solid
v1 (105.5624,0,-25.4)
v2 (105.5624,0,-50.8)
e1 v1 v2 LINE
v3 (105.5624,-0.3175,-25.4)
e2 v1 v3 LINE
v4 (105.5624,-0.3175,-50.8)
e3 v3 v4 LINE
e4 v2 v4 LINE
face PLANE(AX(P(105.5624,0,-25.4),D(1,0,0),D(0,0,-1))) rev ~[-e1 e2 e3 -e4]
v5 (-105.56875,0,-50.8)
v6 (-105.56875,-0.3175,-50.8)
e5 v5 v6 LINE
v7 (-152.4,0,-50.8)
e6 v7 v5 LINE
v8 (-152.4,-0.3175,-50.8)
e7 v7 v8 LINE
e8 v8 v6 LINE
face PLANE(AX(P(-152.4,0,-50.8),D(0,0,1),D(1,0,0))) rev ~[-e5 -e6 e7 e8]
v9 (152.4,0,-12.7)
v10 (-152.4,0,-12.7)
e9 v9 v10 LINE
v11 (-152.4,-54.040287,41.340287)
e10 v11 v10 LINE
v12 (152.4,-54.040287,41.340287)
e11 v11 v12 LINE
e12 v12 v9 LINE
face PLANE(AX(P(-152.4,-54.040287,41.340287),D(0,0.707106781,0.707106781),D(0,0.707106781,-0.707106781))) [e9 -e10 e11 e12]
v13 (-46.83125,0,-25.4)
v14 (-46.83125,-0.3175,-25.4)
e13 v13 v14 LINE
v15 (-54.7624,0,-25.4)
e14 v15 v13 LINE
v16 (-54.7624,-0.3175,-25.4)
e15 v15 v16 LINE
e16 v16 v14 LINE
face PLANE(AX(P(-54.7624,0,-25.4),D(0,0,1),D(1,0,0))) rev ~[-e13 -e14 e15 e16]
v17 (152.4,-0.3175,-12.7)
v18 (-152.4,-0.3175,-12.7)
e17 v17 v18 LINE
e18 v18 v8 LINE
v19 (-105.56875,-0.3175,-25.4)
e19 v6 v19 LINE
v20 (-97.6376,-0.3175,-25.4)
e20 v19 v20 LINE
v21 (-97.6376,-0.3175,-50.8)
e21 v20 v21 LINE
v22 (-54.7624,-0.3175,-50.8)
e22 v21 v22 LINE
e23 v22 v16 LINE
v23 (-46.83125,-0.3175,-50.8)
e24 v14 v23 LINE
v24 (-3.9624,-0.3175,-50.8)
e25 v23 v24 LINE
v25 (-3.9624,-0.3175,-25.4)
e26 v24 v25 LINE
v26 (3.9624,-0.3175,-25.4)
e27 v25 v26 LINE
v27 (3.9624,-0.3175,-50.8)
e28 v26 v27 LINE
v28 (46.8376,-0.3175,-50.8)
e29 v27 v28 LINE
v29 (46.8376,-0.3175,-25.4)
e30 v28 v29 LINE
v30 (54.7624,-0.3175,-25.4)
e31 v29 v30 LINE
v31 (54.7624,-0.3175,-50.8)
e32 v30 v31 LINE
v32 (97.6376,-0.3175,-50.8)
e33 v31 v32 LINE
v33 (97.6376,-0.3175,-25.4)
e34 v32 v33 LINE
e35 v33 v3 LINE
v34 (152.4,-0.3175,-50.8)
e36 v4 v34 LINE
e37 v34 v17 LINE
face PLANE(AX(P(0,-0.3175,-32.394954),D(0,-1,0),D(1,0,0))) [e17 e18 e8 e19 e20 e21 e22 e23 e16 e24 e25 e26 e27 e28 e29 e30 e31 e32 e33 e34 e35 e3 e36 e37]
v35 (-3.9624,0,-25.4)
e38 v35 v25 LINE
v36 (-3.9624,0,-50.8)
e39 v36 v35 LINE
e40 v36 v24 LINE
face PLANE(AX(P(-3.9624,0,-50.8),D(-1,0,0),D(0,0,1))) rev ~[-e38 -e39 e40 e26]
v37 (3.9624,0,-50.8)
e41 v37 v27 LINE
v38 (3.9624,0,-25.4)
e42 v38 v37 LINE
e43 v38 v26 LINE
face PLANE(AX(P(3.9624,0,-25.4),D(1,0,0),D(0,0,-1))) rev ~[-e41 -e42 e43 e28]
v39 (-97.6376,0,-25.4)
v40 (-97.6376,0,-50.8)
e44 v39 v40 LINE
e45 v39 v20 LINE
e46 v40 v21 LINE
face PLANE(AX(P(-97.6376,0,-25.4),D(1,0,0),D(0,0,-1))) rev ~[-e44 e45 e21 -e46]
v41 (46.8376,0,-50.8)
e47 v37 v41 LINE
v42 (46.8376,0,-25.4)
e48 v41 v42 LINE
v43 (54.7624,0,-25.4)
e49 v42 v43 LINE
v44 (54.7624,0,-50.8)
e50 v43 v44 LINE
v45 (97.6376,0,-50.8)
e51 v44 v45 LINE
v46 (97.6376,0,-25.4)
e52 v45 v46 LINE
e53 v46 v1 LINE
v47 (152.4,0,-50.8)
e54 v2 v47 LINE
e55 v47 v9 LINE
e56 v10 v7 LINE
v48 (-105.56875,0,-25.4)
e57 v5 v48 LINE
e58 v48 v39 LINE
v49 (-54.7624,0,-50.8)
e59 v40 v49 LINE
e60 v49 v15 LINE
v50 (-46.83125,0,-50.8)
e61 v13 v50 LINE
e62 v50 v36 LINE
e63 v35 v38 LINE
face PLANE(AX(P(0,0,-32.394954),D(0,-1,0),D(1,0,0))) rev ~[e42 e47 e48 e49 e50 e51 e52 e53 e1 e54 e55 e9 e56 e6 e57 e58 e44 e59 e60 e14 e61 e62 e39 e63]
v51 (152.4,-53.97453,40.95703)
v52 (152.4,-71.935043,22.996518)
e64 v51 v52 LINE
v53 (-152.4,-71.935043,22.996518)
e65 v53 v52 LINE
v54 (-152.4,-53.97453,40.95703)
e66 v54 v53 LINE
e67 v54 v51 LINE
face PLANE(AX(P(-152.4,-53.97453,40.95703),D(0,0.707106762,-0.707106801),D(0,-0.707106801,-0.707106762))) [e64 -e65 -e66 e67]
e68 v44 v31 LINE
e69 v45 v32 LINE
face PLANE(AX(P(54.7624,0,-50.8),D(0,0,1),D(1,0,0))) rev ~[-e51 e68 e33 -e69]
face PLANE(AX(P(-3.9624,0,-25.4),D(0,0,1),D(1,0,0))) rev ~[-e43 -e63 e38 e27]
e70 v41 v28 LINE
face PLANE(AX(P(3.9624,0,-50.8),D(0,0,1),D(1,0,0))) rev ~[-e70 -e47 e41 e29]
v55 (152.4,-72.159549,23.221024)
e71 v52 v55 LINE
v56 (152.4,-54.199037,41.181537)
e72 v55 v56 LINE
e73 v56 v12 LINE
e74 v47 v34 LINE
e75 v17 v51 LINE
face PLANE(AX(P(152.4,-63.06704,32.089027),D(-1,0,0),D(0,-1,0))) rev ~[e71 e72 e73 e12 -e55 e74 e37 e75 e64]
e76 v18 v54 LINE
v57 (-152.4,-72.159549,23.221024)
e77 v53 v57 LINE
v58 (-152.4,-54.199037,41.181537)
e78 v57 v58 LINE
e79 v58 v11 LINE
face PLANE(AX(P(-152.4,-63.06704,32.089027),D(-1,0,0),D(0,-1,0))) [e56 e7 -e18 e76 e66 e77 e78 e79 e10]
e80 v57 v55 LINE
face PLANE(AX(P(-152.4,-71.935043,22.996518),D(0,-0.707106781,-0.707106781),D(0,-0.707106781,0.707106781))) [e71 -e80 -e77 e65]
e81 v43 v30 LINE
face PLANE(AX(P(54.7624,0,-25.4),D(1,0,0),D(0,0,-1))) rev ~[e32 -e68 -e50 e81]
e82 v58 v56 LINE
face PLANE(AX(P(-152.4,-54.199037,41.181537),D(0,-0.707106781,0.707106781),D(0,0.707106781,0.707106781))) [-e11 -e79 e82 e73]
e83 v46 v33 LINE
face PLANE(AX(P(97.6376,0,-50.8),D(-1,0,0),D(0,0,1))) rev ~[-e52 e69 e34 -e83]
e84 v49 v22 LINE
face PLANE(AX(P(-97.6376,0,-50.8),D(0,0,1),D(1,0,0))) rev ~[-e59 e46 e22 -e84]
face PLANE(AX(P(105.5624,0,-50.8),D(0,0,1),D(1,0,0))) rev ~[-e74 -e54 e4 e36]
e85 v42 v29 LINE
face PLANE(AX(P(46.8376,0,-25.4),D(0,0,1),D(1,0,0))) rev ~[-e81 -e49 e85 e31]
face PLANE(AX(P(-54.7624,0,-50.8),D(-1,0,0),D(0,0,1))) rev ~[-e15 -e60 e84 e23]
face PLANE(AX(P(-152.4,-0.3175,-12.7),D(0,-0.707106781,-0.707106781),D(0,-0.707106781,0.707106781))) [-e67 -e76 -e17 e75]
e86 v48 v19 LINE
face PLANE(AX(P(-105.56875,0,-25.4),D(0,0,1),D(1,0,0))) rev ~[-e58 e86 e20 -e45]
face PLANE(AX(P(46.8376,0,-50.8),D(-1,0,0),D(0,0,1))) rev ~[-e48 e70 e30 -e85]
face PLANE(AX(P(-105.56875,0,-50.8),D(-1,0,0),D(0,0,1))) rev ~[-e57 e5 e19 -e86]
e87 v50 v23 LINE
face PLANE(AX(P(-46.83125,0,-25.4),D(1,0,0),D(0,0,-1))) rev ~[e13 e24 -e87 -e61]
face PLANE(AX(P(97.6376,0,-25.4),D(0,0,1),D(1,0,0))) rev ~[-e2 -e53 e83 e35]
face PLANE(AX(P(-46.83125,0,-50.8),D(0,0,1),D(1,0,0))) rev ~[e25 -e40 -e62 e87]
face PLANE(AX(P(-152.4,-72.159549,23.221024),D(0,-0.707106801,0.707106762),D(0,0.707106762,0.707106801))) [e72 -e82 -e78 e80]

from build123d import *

# Parameters (mm, degrees)
F1_DEPTH = 0.3175
F3_DEPTH = 304.8
F5_DEPTH = 304.8


with BuildPart() as f1:
    # F0 (on Front) → F1 (new body)
    with BuildSketch(Plane.XZ):
        Polygon((105.5624, -50.8), (152.4, -50.8), (152.4, -12.7), (-152.4, -12.7), (-152.4, -50.8), (-105.56875, -50.8), (-105.56875, -25.4), (-97.6376, -25.4), (-97.6376, -50.8), (-54.7624, -50.8), (-54.7624, -25.4), (-46.83125, -25.4), (-46.83125, -50.8), (-3.9624, -50.8), (-3.9624, -25.4), (3.9624, -25.4), (3.9624, -50.8), (46.8376, -50.8), (46.8376, -25.4), (54.7624, -25.4), (54.7624, -50.8), (97.6376, -50.8), (97.6376, -25.4), (105.5624, -25.4), align=None)
    extrude(amount=F1_DEPTH)

    # F2 (on face) → F3 (join)
    with BuildSketch(Plane(origin=(-152.4, 0, 0), x_dir=(0, -1, 0), z_dir=(-1, 0, 0))):
        Polygon((0, -12.7), (0.3175, -12.7), (54.199037, 41.181537), (54.040287, 41.340287), align=None)
    extrude(amount=-F3_DEPTH)

    # F4 (on face) → F5 (join)
    with BuildSketch(Plane(origin=(-152.4, 0, 0), x_dir=(0, -1, 0), z_dir=(-1, 0, 0))):
        Polygon((72.159549, 23.221024), (54.199037, 41.181537), (53.97453, 40.95703), (71.935043, 22.996518), align=None)
    extrude(amount=-F5_DEPTH)


solid = f1.part
